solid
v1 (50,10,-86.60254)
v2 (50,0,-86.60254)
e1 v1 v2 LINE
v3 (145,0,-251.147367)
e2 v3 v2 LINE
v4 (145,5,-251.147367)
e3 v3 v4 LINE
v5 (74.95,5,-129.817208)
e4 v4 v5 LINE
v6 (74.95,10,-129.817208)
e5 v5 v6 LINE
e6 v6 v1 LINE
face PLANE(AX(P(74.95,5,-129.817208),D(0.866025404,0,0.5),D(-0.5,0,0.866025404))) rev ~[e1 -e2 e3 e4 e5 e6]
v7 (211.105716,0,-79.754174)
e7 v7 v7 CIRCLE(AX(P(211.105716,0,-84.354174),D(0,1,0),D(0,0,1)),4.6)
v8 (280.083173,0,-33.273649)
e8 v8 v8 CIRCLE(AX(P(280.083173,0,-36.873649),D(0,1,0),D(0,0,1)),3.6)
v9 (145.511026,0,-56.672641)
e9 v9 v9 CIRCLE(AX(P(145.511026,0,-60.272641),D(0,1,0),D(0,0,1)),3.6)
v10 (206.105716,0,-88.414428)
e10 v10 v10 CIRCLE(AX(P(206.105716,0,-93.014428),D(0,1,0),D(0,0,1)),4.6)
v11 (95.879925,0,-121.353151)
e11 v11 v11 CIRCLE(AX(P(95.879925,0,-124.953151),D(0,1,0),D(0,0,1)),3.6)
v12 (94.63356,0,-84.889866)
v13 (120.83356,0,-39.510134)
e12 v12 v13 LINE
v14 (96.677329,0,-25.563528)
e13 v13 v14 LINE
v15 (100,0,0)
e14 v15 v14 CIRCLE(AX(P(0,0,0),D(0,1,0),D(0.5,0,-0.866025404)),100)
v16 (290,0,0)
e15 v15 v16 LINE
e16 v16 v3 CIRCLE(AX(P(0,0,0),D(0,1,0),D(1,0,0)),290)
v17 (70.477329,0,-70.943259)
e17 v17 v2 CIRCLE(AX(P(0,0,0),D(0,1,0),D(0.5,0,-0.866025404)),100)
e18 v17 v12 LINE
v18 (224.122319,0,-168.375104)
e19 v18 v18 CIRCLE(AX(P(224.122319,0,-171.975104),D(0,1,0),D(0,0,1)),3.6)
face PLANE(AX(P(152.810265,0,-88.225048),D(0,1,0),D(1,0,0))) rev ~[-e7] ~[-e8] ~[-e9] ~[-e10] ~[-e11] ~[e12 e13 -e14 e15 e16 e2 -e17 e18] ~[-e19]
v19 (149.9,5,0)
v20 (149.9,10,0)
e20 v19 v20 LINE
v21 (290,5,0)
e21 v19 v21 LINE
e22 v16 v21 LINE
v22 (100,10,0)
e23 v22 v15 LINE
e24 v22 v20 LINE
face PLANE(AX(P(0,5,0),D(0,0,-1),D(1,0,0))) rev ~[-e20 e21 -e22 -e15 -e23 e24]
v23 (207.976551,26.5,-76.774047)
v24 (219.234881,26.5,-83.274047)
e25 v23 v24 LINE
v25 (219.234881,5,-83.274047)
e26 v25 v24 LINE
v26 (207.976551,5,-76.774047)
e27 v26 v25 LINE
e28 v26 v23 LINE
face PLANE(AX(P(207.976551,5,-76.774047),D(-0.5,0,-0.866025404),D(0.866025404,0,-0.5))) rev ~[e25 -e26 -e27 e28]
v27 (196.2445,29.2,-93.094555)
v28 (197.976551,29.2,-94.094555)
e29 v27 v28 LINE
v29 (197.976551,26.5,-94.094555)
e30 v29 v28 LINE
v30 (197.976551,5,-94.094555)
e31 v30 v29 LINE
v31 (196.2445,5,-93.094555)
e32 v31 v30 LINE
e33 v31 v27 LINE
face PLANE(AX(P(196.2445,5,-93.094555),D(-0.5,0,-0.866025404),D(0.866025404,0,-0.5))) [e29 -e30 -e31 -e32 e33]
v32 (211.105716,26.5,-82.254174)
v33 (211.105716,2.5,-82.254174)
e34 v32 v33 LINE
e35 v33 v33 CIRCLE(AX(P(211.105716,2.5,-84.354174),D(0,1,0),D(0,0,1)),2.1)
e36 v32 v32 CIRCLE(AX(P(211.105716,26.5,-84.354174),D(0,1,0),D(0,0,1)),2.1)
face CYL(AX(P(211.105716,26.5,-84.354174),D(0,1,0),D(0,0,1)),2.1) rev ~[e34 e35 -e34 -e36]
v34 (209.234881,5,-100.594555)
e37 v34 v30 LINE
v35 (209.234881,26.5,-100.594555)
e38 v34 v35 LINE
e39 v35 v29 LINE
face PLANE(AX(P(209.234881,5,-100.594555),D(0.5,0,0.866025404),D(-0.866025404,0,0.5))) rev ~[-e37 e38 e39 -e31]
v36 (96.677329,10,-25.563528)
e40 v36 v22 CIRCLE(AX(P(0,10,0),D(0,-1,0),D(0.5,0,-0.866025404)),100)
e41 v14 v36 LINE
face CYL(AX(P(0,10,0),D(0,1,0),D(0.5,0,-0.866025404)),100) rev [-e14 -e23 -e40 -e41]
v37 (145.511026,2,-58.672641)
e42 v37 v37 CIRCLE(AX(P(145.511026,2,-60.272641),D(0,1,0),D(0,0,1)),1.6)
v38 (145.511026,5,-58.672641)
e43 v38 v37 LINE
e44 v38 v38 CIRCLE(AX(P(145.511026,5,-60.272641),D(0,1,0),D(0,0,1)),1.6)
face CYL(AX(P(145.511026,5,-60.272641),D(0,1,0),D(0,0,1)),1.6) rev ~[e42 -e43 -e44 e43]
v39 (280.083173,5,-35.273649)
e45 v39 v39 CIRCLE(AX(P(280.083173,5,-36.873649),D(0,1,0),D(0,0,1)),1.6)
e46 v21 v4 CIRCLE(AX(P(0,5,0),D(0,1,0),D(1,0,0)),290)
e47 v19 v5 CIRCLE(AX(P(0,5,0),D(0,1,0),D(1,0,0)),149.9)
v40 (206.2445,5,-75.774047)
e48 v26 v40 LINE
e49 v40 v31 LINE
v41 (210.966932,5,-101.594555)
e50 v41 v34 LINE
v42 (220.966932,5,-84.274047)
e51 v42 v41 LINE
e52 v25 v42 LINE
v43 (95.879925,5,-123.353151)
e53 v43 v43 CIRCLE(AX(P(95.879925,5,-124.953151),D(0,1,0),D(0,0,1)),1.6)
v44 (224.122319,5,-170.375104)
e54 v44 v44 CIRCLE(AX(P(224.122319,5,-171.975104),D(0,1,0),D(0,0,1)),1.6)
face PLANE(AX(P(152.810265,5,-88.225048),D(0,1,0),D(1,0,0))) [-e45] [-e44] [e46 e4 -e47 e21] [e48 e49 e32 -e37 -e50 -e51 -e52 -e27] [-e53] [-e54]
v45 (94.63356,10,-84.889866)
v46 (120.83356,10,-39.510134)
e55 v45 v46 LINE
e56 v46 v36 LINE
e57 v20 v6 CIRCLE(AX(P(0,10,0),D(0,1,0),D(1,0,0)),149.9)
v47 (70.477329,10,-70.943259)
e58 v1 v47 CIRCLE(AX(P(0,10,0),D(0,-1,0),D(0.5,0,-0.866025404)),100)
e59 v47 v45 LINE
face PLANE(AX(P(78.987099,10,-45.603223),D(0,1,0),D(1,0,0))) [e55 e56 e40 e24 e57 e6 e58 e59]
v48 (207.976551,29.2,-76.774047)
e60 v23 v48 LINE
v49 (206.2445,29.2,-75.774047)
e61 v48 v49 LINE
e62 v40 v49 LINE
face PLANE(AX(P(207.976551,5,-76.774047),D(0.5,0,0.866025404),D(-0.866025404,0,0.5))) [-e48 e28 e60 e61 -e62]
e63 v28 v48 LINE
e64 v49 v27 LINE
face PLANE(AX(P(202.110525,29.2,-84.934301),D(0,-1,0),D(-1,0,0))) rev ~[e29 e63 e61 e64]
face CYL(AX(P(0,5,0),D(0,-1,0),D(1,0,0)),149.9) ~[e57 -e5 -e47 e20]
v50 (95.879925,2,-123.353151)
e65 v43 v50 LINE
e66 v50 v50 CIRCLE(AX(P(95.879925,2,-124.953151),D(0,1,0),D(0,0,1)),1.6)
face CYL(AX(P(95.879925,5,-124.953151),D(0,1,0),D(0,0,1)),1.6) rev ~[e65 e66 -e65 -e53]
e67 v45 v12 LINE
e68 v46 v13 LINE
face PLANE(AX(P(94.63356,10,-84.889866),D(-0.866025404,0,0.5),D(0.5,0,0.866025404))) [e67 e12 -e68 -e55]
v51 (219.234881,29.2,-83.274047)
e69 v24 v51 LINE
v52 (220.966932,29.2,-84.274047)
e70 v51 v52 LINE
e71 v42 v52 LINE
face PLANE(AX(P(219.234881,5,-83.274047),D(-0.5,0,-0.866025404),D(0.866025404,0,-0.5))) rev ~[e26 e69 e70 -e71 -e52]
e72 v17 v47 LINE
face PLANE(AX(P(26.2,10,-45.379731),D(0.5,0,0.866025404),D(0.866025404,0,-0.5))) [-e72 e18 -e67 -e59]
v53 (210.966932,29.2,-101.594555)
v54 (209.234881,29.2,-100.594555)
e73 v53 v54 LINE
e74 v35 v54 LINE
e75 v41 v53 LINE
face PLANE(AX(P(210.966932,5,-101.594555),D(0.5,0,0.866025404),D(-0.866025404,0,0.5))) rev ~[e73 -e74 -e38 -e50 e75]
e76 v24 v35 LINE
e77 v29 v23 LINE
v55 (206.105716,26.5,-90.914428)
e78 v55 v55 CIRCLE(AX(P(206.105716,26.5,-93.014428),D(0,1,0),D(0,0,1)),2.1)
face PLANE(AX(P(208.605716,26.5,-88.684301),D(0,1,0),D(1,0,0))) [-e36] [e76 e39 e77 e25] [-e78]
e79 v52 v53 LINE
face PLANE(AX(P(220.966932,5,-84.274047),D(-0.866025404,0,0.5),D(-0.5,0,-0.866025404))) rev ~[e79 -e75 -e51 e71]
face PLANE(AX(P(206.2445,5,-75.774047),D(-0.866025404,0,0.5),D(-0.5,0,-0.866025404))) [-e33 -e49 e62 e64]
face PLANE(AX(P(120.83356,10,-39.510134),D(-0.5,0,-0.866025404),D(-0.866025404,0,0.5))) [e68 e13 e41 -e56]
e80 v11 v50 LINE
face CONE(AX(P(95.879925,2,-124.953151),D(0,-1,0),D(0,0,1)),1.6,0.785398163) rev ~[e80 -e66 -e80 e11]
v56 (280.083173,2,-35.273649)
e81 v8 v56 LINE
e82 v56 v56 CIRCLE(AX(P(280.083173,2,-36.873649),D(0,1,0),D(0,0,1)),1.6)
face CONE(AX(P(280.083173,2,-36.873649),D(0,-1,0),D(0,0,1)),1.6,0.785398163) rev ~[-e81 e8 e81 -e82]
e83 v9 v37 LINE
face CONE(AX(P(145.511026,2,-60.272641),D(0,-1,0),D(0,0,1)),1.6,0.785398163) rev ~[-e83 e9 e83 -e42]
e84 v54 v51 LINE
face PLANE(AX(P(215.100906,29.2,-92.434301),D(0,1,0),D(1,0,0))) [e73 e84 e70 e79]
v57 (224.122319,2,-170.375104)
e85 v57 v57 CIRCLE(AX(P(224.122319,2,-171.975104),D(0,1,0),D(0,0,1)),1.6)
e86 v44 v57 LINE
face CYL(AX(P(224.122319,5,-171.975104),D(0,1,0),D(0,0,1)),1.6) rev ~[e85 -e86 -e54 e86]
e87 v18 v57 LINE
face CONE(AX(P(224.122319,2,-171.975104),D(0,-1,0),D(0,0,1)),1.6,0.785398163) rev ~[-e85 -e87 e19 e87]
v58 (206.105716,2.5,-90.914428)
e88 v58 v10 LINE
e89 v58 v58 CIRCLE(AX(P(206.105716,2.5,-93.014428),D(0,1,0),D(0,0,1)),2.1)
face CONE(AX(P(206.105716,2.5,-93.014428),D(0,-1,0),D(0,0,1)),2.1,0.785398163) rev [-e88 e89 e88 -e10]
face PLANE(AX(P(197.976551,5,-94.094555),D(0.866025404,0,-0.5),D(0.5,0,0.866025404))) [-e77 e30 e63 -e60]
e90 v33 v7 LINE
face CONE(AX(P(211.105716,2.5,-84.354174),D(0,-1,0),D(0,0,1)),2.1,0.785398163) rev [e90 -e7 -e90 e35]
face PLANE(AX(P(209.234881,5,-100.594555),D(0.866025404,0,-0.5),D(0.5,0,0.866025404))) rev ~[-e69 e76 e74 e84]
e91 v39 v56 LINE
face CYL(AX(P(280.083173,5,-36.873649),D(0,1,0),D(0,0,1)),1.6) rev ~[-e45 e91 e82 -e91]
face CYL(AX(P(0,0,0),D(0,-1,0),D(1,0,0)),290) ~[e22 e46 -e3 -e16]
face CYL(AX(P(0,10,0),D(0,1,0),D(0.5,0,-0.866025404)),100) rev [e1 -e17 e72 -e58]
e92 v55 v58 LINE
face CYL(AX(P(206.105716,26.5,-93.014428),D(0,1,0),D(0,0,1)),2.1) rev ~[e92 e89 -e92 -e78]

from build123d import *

# Parameters (mm, degrees)
AUFSATZ_LINEAR_AUSTRAGEN1_DEPTH = 5
AUFSATZ_LINEAR_AUSTRAGEN2_DEPTH = 5
SCHNITT_LINEAR_AUSTRAGEN1_DEPTH = 384.76425055
SCHNITT_LINEAR_AUSTRAGEN2_DEPTH = 384.76425055
SKIZZE5_R                       = 1.6
SCHNITT_LINEAR_AUSTRAGEN3_DEPTH = 384.666521865
FASE1_SIZE                      = 2
AUFSATZ_LINEAR_AUSTRAGEN3_DEPTH = 21.5
SKIZZE7_R                       = 2.1
SCHNITT_LINEAR_AUSTRAGEN4_DEPTH = 385.548111424
AUFSATZ_LINEAR_AUSTRAGEN4_DEPTH = 24.2
FASE2_SIZE                      = 2.5


with BuildPart() as part:
    # Skizze1 → Aufsatz-Linear austragen1 (new body)
    with BuildSketch(Plane(origin=(0, 0, 0), x_dir=(1, 0, 0), z_dir=(0, 1, 0))):
        with BuildLine():
            Line((0, 0), (290, 0))
            ThreePointArc((290, 0), (251.147367097, 145), (145, 251.147367097))
            Line((145, 251.147367097), (0, 0))
        make_face()
    extrude(amount=AUFSATZ_LINEAR_AUSTRAGEN1_DEPTH)

    # Skizze2 → Aufsatz-Linear austragen2 (add)
    with BuildSketch(Plane(origin=(0, 5, 0), x_dir=(1, 0, 0), z_dir=(0, 1, 0))):
        with BuildLine():
            Line((0, 0), (149.9, 0))
            ThreePointArc((149.9, 0), (129.817208027, 74.95), (74.95, 129.817208027))
            Line((74.95, 129.817208027), (0, 0))
        make_face()
    extrude(amount=AUFSATZ_LINEAR_AUSTRAGEN2_DEPTH)

    # Skizze3 → Schnitt-Linear austragen1 (cut, through all)
    with BuildSketch(Plane(origin=(0, 10, 0), x_dir=(1, 0, 0), z_dir=(0, 1, 0))):
        Polygon((26.2, 45.379731158), (94.633560231, 84.889865579), (120.833560231, 39.510134421), (52.4, 0), (0, 0), align=None)
    extrude(amount=-SCHNITT_LINEAR_AUSTRAGEN1_DEPTH, mode=Mode.SUBTRACT)

    # Skizze4 → Schnitt-Linear austragen2 (cut, through all)
    with BuildSketch(Plane(origin=(0, 10, 0), x_dir=(1, 0, 0), z_dir=(0, 1, 0))):
        with BuildLine():
            Line((100, 0), (0, 0))
            Line((0, 0), (50, 86.602540378))
            ThreePointArc((50, 86.602540378), (86.602540378, 50), (100, 0))
        make_face()
    extrude(amount=-SCHNITT_LINEAR_AUSTRAGEN2_DEPTH, mode=Mode.SUBTRACT)

    # Skizze5 → Schnitt-Linear austragen3 (cut, through all)
    with BuildSketch(Plane(origin=(0, 5, 0), x_dir=(1, 0, 0), z_dir=(0, 1, 0))):
        with Locations(Location((95.879925069, 124.953151096, 0), (0, 0, 270))):
            Circle(SKIZZE5_R)
        with Locations(Location((224.122318632, 171.975103695, 0), (0, 0, 270))):
            Circle(SKIZZE5_R)
        with Locations(Location((145.511026371, 60.272640598, 0), (0, 0, 270))):
            Circle(SKIZZE5_R)
        with Locations(Location((280.083173338, 36.873649302, 0), (0, 0, 270))):
            Circle(SKIZZE5_R)
    extrude(amount=-SCHNITT_LINEAR_AUSTRAGEN3_DEPTH, mode=Mode.SUBTRACT)

    # Fase1
    fase1_edges = [part.edges().sort_by_distance(p)[0] for p in [
        (95.879925069, 0, -126.553151096),
        (224.122318632, 0, -173.575103695),
        (145.511026371, 0, -61.872640598),
        (280.083173338, 0, -38.473649302),
    ]]
    chamfer(fase1_edges, length=FASE1_SIZE)

    # Skizze6 → Aufsatz-Linear austragen3 (add)
    with BuildSketch(Plane(origin=(0, 5, 0), x_dir=(1, 0, 0), z_dir=(0, 1, 0))):
        Polygon((207.976550727, 76.774047358), (219.234880976, 83.274047358), (209.234880976, 100.594555434), (197.976550727, 94.094555434), align=None)
    extrude(amount=AUFSATZ_LINEAR_AUSTRAGEN3_DEPTH)

    # Skizze7 → Schnitt-Linear austragen4 (cut, through all)
    with BuildSketch(Plane(origin=(0, 26.5, 0), x_dir=(1, 0, 0), z_dir=(0, 1, 0))):
        with Locations(Location((206.105715851, 93.014428415, 0), (0, 0, 270))):
            Circle(SKIZZE7_R)
        with Locations(Location((211.105715851, 84.354174377, 0), (0, 0, 270))):
            Circle(SKIZZE7_R)
    extrude(amount=-SCHNITT_LINEAR_AUSTRAGEN4_DEPTH, mode=Mode.SUBTRACT)

    # Skizze9 → Aufsatz-Linear austragen4 (add)
    with BuildSketch(Plane(origin=(0, 5, 0), x_dir=(1, 0, 0), z_dir=(0, 1, 0))):
        Polygon((197.976550727, 94.094555434), (207.976550727, 76.774047358), (206.244499919, 75.774047358), (196.244499919, 93.094555434), align=None)
        Polygon((219.234880976, 83.274047358), (220.966931784, 84.274047358), (210.966931784, 101.594555434), (209.234880976, 100.594555434), align=None)
    extrude(amount=AUFSATZ_LINEAR_AUSTRAGEN4_DEPTH)

    # Fase2
    fase2_edges = [part.edges().sort_by_distance(p)[0] for p in [
        (206.105715851, 0, -95.114428415),
        (211.105715851, 0, -86.454174377),
    ]]
    chamfer(fase2_edges, length=FASE2_SIZE)


solid = part.part
